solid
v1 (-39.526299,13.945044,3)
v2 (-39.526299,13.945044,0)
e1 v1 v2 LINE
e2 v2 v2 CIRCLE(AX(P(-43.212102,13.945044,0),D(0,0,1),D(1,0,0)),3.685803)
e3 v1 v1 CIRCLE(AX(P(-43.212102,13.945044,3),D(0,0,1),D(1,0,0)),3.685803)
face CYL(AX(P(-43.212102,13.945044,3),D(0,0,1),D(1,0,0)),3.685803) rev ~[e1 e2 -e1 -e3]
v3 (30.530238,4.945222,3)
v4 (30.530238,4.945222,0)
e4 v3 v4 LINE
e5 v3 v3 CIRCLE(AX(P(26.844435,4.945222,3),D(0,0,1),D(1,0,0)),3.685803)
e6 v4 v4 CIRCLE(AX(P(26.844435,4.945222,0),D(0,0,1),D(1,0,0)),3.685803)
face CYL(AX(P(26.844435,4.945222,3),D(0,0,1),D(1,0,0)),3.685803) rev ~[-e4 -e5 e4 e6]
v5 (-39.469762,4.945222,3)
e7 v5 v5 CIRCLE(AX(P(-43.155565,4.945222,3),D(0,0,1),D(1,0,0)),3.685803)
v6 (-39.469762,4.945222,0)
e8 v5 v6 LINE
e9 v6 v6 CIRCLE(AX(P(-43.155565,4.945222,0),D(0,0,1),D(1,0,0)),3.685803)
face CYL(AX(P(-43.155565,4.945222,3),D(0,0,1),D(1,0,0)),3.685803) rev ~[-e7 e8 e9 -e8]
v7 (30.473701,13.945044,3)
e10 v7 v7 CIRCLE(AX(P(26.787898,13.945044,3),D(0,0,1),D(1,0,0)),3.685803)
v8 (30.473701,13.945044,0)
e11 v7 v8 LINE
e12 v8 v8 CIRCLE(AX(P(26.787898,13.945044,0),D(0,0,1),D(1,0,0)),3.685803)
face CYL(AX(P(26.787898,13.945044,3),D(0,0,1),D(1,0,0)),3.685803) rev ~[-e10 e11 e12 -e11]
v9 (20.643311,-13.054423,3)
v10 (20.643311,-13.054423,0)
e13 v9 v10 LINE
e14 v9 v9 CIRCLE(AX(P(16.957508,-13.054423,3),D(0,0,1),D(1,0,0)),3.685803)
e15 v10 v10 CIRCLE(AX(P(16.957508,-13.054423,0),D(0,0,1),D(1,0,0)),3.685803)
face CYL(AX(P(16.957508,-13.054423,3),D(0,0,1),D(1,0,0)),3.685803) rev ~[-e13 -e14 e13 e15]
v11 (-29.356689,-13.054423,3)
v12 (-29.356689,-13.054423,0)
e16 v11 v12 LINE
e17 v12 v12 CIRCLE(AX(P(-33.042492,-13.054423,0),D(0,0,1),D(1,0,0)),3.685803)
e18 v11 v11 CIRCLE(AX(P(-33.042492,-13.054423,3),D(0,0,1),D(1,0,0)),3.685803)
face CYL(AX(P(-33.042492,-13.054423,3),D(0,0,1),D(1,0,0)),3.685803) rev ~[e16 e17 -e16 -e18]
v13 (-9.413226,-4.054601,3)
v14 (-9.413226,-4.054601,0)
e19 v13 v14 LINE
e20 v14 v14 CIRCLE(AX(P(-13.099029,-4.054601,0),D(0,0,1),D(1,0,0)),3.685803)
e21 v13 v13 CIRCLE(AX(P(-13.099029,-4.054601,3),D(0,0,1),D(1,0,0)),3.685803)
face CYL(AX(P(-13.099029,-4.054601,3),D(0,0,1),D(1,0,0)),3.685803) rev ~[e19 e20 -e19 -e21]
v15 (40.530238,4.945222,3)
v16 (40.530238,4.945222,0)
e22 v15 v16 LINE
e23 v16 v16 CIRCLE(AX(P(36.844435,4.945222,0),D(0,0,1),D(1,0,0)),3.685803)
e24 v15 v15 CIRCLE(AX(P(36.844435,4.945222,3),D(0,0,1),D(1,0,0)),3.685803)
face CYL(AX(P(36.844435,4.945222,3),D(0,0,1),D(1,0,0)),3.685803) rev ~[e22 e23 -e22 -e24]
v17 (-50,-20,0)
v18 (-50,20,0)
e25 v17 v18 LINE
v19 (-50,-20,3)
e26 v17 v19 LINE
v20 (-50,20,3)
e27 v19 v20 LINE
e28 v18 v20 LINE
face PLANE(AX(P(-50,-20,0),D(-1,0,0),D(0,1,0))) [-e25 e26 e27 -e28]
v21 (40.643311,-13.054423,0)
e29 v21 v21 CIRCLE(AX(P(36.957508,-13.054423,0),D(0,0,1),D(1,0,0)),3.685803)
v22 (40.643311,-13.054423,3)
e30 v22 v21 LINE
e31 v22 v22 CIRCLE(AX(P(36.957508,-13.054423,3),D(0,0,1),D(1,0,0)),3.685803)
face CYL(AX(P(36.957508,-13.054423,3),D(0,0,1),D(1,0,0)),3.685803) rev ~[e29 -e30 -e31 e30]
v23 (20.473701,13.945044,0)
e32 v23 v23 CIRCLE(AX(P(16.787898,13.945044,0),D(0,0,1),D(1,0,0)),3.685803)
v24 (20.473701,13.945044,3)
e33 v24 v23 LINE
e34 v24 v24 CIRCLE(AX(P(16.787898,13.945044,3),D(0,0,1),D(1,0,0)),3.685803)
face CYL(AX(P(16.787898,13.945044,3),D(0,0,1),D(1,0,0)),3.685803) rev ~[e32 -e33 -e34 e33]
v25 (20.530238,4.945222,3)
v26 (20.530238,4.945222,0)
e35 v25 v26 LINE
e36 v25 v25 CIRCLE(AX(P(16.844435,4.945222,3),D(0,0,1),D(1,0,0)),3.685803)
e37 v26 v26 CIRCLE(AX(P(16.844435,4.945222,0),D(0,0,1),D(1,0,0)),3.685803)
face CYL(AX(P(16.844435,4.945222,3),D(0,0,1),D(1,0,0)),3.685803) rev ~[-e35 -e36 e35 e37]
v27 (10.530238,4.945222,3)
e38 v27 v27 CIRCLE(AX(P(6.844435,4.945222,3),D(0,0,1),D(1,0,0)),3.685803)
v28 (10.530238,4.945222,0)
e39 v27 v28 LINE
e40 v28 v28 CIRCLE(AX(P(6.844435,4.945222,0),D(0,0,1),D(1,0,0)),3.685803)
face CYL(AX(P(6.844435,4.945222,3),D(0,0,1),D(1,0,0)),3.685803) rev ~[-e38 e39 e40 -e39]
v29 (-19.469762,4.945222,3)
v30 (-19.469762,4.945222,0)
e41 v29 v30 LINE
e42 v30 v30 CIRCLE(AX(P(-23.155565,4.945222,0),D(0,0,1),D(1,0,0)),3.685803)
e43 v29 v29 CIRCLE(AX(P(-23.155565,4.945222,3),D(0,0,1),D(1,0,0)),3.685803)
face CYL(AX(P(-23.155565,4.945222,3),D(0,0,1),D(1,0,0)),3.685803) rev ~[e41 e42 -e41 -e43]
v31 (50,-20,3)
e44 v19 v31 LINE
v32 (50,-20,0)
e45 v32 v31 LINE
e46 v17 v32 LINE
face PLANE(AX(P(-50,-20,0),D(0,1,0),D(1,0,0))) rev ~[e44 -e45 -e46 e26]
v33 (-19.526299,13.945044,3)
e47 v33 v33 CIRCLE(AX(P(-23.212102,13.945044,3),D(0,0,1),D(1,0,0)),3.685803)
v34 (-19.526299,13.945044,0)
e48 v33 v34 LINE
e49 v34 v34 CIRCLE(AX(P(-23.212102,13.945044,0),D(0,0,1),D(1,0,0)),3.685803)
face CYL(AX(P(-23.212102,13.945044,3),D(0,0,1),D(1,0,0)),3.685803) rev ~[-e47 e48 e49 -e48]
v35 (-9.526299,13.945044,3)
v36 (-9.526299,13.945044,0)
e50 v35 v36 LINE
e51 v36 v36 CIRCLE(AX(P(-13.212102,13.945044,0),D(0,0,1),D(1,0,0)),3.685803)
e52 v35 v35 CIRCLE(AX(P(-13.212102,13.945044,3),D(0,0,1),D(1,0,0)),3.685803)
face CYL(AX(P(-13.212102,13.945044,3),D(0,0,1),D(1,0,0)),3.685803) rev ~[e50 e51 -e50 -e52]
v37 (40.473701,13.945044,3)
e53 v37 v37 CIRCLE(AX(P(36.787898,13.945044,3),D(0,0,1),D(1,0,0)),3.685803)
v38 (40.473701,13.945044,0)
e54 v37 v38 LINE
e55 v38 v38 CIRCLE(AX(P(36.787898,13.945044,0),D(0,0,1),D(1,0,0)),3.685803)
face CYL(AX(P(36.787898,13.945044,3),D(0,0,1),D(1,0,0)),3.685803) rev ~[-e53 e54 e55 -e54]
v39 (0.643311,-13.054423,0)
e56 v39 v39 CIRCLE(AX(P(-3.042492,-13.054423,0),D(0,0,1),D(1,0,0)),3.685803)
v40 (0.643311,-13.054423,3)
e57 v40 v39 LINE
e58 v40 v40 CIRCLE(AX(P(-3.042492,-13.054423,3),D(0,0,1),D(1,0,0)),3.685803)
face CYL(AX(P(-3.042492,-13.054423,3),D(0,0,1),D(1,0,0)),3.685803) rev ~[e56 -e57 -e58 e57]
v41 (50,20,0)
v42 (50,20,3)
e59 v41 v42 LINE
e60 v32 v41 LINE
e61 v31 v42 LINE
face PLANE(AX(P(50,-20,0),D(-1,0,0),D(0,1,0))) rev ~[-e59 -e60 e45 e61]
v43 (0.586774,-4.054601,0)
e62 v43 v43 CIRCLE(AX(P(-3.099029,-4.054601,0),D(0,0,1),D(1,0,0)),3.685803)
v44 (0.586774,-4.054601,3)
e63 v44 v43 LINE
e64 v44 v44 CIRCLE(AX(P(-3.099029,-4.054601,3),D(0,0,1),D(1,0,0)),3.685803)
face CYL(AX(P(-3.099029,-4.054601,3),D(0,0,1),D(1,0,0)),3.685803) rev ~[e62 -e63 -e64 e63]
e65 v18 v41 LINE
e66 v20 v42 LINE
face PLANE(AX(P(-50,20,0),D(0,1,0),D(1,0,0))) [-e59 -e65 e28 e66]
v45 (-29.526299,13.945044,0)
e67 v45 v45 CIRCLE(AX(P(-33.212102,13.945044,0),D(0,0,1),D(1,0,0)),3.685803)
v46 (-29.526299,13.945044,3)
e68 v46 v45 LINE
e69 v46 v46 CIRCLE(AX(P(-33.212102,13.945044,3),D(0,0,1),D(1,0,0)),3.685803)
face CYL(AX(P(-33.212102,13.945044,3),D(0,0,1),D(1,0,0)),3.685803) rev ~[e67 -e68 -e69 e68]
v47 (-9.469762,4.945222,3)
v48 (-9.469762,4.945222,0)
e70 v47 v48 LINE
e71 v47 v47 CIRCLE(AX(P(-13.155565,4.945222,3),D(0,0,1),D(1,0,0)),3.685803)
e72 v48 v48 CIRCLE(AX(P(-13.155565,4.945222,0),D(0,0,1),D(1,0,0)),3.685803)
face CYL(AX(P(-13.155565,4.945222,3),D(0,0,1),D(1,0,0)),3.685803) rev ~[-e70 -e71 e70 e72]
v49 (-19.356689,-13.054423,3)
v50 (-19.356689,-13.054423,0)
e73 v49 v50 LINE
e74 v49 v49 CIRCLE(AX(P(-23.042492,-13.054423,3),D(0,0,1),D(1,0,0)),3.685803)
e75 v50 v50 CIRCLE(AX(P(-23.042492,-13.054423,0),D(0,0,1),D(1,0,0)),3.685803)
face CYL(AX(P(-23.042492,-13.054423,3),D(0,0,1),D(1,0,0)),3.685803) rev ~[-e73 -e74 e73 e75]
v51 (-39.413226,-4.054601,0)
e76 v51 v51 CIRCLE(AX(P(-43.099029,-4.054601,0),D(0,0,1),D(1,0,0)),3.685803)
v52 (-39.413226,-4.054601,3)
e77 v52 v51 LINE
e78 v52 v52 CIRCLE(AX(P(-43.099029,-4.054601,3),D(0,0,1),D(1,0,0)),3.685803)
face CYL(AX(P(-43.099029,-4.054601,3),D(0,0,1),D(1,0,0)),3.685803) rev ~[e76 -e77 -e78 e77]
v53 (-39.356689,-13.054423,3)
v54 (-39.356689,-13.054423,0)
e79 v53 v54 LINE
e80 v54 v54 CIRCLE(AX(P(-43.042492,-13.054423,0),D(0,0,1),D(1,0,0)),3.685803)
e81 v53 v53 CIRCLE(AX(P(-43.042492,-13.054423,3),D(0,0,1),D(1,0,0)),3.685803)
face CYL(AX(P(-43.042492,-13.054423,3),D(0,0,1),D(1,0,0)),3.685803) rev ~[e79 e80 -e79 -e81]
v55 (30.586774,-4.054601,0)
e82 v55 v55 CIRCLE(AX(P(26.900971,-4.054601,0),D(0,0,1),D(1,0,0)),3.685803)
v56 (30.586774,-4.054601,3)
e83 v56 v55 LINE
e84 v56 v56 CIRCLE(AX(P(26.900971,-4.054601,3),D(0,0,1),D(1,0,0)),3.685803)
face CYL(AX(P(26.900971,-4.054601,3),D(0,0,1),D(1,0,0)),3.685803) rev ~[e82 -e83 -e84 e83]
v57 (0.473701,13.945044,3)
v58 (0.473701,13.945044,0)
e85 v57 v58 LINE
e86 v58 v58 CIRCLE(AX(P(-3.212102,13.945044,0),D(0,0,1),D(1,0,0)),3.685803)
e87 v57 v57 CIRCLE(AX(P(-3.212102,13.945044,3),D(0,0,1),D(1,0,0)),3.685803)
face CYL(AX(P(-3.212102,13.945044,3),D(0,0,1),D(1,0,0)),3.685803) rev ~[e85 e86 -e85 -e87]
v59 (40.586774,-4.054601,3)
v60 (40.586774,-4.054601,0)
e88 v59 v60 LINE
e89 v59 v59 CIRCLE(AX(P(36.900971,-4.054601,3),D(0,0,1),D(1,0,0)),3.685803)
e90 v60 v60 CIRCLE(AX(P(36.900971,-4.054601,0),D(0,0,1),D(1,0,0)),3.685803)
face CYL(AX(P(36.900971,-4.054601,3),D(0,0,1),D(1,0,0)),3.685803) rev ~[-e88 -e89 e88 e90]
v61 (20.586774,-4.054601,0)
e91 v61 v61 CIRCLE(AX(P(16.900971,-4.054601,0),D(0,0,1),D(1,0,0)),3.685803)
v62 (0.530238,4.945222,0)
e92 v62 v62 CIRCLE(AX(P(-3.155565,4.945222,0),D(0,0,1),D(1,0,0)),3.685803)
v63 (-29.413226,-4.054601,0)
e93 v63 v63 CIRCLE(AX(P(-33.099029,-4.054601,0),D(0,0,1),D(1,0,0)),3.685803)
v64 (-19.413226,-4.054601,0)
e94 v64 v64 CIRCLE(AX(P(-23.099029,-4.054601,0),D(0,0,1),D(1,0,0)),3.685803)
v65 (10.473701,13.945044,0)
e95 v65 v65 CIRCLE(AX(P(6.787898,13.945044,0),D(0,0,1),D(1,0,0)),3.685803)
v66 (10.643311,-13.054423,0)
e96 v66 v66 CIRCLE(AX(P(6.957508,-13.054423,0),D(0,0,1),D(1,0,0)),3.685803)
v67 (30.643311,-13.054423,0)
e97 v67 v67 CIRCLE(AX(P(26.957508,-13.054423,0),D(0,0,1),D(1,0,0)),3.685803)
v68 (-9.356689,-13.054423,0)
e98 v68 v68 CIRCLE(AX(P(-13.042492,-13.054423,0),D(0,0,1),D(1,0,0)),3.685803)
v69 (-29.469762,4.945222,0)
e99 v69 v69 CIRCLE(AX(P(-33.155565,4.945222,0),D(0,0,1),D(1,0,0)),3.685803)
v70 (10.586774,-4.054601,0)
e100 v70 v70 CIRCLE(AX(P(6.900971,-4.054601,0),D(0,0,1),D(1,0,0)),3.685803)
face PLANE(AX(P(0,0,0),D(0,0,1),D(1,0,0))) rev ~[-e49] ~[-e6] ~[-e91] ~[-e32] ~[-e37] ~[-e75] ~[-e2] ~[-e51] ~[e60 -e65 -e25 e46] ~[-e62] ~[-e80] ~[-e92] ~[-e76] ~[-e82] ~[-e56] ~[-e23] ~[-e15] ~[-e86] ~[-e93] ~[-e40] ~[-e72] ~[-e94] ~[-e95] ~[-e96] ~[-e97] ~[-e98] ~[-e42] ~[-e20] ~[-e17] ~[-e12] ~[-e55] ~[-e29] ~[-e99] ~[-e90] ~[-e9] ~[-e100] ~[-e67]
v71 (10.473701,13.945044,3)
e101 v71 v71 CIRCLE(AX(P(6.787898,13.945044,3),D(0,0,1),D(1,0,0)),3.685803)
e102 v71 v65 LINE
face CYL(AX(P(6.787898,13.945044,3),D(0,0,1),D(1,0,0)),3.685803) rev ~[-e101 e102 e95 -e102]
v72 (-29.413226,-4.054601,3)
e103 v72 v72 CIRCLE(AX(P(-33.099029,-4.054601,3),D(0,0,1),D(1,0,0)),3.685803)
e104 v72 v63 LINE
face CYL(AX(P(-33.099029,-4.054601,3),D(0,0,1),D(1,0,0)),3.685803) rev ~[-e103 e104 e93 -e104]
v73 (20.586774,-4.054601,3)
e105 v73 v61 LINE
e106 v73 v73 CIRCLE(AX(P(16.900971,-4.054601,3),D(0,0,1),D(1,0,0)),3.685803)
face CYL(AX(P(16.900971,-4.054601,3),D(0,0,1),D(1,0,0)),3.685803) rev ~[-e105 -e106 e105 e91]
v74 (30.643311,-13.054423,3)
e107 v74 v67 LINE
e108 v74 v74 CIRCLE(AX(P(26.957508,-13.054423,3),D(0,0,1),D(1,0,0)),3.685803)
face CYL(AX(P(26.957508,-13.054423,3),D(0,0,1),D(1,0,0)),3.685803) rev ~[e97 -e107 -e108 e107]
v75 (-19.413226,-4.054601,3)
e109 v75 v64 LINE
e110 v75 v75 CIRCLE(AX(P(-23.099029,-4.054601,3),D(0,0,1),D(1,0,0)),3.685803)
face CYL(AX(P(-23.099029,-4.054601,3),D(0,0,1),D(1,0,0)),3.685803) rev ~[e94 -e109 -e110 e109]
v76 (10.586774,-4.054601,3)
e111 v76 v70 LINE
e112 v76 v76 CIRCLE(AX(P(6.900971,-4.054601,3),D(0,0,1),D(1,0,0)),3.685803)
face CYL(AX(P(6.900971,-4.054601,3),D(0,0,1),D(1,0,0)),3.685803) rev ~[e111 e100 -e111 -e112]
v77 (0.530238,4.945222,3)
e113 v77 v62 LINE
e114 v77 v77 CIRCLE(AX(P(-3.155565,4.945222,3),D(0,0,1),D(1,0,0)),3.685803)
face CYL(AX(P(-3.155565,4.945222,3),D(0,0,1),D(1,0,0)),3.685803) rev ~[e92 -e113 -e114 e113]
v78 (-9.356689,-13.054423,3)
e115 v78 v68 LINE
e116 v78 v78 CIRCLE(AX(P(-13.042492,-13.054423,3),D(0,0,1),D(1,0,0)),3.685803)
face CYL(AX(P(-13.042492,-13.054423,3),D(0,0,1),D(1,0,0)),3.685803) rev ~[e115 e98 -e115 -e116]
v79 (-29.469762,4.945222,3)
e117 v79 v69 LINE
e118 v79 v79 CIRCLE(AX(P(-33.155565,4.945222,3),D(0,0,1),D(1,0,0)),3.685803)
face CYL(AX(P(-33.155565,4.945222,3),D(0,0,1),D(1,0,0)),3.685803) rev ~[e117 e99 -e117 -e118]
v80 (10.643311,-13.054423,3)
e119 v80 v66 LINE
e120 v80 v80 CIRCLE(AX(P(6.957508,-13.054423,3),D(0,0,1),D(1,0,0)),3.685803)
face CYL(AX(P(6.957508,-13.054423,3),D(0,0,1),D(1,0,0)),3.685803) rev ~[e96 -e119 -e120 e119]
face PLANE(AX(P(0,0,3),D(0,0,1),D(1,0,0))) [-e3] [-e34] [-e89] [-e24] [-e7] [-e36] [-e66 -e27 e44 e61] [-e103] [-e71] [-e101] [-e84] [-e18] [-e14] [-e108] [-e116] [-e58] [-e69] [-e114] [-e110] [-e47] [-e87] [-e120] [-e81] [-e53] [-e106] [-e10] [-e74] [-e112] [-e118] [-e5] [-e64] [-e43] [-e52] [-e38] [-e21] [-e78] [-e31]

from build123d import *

# Parameters (mm, degrees)
F0_W     = 100
F0_H     = 40
F1_DEPTH = 3
F2_R     = 3.685803
F3_DEPTH = 25


with BuildPart() as f1:
    # F0 (on Top) → F1 (new body)
    with BuildSketch(Plane.XY):
        Rectangle(F0_W, F0_H)
    extrude(amount=F1_DEPTH)

    # F2 (on face) → F3 (cut)
    with BuildSketch(Plane.XY.offset(3)):
        with Locations((-43.042492, -13.054423)):
            Circle(F2_R)
        with Locations((-43.099029, -4.054601)):
            Circle(F2_R)
        with Locations((-43.155565, 4.945222)):
            Circle(F2_R)
        with Locations((-43.212102, 13.945044)):
            Circle(F2_R)
        with Locations((-33.155565, 4.945222)):
            Circle(F2_R)
        with Locations((-33.212102, 13.945044)):
            Circle(F2_R)
        with Locations((-33.099029, -4.054601)):
            Circle(F2_R)
        with Locations((-33.042492, -13.054423)):
            Circle(F2_R)
        with Locations((-23.042492, -13.054423)):
            Circle(F2_R)
        with Locations((-23.099029, -4.054601)):
            Circle(F2_R)
        with Locations((-23.212102, 13.945044)):
            Circle(F2_R)
        with Locations((-23.155565, 4.945222)):
            Circle(F2_R)
        with Locations((-13.099029, -4.054601)):
            Circle(F2_R)
        with Locations((-13.042492, -13.054423)):
            Circle(F2_R)
        with Locations((-3.042492, -13.054423)):
            Circle(F2_R)
        with Locations((-3.099029, -4.054601)):
            Circle(F2_R)
        with Locations((-13.155565, 4.945222)):
            Circle(F2_R)
        with Locations((-13.212102, 13.945044)):
            Circle(F2_R)
        with Locations((-3.212102, 13.945044)):
            Circle(F2_R)
        with Locations((-3.155565, 4.945222)):
            Circle(F2_R)
        with Locations((6.957508, -13.054423)):
            Circle(F2_R)
        with Locations((6.900971, -4.054601)):
            Circle(F2_R)
        with Locations((6.844435, 4.945222)):
            Circle(F2_R)
        with Locations((6.787898, 13.945044)):
            Circle(F2_R)
        with Locations((16.957508, -13.054423)):
            Circle(F2_R)
        with Locations((16.900971, -4.054601)):
            Circle(F2_R)
        with Locations((16.844435, 4.945222)):
            Circle(F2_R)
        with Locations((16.787898, 13.945044)):
            Circle(F2_R)
        with Locations((26.957508, -13.054423)):
            Circle(F2_R)
        with Locations((26.900971, -4.054601)):
            Circle(F2_R)
        with Locations((26.844435, 4.945222)):
            Circle(F2_R)
        with Locations((36.900971, -4.054601)):
            Circle(F2_R)
        with Locations((36.957508, -13.054423)):
            Circle(F2_R)
        with Locations((36.844435, 4.945222)):
            Circle(F2_R)
        with Locations((36.787898, 13.945044)):
            Circle(F2_R)
        with Locations((26.787898, 13.945044)):
            Circle(F2_R)
    extrude(amount=-F3_DEPTH, mode=Mode.SUBTRACT)


solid = f1.part
